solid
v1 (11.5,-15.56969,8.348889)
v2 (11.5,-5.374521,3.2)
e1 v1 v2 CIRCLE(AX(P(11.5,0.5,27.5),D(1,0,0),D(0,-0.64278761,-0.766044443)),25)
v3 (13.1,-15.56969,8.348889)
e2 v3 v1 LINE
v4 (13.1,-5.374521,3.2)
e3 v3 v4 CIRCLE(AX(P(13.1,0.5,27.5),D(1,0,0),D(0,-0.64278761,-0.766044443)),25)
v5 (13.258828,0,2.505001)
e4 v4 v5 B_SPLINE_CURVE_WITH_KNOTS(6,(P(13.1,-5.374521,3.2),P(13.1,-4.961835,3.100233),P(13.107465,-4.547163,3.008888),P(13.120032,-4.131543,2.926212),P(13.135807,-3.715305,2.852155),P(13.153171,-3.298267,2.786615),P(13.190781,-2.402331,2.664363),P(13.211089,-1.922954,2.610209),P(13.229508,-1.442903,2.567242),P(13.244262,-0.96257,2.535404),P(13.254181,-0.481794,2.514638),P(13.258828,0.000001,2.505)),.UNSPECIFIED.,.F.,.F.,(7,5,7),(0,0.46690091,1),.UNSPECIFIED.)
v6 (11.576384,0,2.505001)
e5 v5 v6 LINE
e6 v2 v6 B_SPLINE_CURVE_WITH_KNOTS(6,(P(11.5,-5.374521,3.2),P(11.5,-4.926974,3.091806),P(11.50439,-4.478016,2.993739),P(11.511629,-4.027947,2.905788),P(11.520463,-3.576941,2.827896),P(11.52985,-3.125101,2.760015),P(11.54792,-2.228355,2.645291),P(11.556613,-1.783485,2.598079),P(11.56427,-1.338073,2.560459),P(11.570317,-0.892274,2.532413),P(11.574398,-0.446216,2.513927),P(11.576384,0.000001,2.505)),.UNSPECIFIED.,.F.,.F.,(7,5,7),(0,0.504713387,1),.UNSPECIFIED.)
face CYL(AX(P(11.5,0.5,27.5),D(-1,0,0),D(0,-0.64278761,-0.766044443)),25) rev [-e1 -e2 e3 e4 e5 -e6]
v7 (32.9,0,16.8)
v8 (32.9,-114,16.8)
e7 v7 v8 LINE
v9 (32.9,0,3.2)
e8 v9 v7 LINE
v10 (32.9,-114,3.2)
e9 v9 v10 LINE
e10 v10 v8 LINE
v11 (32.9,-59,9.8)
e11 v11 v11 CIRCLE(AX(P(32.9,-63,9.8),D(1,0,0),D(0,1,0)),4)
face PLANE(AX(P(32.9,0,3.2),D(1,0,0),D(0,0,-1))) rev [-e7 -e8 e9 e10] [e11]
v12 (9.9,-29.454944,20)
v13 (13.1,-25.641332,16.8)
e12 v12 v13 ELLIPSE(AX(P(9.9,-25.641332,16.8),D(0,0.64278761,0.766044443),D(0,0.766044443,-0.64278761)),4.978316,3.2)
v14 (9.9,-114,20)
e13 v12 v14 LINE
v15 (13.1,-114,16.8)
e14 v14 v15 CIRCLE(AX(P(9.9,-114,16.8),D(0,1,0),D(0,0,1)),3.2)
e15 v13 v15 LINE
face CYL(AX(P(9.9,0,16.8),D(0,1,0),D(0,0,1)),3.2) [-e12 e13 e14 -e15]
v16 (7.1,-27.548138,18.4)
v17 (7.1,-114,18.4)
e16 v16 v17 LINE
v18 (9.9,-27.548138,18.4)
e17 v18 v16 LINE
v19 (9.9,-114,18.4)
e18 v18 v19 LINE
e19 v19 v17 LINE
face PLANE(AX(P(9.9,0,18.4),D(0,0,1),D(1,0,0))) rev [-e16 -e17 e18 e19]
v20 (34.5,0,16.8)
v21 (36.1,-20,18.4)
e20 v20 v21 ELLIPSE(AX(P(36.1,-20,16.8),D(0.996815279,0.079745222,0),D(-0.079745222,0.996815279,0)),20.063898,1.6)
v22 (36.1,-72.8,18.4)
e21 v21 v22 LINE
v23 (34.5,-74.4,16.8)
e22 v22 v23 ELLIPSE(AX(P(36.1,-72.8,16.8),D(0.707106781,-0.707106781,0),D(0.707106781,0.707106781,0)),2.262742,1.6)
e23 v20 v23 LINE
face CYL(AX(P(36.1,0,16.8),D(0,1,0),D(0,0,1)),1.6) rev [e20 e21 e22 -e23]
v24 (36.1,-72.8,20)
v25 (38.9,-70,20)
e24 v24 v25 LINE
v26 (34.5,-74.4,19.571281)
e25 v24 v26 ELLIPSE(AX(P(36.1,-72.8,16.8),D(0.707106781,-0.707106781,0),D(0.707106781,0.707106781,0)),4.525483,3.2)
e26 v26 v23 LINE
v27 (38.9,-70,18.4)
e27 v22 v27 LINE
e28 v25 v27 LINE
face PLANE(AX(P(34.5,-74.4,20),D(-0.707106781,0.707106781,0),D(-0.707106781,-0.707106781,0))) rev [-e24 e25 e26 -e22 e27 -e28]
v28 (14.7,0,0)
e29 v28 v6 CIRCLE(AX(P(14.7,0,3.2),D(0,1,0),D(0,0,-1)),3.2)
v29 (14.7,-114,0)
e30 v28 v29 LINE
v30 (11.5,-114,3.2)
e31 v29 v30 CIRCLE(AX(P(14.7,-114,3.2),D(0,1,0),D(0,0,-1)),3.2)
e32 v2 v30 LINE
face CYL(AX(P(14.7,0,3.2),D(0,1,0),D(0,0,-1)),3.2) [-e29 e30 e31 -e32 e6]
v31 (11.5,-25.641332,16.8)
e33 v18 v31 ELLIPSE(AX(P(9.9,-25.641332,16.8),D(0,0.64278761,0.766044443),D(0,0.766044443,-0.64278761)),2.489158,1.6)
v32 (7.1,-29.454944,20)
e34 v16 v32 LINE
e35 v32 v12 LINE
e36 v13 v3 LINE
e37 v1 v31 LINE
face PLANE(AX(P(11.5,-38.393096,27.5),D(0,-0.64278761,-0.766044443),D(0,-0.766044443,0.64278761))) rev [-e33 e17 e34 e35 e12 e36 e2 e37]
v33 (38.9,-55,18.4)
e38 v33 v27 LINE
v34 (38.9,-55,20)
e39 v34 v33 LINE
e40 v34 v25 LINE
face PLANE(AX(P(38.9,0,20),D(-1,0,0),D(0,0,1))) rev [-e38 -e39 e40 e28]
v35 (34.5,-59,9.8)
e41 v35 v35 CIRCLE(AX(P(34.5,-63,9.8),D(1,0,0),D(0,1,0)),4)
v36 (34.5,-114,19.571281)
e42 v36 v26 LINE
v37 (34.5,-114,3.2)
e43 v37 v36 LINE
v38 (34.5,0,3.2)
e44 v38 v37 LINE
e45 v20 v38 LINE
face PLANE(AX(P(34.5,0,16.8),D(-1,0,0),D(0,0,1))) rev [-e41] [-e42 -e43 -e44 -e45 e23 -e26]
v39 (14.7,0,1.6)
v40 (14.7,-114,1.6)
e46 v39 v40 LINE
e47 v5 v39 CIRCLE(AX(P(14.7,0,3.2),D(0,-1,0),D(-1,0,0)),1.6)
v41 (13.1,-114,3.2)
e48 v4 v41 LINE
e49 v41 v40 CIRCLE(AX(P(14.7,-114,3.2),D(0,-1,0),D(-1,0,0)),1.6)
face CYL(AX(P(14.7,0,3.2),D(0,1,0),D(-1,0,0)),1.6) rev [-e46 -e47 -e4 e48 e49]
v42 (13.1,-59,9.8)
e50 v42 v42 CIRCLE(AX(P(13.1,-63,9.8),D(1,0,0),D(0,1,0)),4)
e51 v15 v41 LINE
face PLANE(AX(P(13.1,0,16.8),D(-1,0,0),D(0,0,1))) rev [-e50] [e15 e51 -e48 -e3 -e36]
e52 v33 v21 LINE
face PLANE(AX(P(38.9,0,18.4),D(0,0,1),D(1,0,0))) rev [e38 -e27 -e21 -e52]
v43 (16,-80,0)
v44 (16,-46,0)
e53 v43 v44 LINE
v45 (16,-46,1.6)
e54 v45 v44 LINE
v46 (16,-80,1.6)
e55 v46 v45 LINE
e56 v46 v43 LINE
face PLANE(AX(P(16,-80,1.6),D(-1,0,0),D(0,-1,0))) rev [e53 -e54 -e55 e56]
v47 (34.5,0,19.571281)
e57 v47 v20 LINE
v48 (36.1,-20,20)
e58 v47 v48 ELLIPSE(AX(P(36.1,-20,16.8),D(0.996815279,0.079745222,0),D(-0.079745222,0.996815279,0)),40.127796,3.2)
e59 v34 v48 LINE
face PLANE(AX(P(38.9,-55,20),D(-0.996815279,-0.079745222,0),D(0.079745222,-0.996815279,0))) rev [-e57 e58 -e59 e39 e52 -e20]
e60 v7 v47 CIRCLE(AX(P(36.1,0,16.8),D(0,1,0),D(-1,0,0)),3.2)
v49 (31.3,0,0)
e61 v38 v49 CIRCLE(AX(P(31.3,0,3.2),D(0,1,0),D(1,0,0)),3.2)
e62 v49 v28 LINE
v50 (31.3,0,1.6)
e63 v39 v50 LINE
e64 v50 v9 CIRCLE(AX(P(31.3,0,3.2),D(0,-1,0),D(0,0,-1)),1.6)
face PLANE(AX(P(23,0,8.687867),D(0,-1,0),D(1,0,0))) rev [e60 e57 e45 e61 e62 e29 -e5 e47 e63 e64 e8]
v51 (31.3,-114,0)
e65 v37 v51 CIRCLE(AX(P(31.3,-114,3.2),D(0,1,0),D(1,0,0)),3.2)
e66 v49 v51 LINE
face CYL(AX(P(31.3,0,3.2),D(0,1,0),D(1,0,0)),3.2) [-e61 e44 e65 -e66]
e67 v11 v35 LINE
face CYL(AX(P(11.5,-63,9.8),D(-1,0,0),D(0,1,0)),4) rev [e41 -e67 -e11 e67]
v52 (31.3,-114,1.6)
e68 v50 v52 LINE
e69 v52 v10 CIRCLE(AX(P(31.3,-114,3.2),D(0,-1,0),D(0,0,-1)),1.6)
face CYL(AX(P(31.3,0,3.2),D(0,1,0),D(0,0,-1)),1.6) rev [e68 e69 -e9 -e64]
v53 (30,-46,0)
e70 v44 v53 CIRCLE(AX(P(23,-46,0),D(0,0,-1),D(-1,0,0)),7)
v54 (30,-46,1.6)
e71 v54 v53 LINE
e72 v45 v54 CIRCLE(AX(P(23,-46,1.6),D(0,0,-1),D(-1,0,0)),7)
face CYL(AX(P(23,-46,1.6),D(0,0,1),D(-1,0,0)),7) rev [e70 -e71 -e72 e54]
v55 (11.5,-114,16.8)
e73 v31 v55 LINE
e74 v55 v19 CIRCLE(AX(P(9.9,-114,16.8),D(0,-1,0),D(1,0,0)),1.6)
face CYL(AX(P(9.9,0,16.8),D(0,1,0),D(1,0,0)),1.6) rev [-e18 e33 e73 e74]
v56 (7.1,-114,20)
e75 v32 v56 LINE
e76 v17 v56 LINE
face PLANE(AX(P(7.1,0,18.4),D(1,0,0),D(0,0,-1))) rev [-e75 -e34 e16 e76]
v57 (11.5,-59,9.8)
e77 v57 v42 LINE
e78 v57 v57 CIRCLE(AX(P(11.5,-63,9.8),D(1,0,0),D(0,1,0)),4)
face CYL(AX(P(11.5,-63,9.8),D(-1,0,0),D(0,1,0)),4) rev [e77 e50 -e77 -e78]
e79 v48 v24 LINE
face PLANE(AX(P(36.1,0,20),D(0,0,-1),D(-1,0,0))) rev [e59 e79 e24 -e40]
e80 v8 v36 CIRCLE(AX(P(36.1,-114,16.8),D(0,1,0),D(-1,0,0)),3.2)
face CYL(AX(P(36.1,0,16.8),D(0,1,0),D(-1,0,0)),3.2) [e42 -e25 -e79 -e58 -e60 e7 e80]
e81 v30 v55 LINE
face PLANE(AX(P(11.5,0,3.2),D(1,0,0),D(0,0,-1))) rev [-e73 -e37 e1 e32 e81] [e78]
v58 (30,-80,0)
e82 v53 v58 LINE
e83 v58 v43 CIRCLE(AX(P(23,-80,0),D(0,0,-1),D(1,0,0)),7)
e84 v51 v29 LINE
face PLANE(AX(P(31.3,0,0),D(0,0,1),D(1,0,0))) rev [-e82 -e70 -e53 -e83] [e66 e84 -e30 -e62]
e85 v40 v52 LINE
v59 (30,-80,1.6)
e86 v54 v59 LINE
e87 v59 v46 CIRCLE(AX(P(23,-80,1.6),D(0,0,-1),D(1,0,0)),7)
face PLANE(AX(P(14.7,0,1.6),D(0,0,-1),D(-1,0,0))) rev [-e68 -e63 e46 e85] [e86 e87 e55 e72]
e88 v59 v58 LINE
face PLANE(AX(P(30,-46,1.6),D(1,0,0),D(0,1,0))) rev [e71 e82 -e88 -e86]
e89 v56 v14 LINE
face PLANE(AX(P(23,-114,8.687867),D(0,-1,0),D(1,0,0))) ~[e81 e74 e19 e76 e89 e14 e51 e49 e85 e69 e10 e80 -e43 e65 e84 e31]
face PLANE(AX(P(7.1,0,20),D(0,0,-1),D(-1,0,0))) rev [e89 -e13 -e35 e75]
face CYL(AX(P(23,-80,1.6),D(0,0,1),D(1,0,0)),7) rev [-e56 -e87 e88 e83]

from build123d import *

# Parameters (mm, degrees)
F1_DEPTH = 114
F3_DEPTH = 25
F5_DEPTH = 5
F6_R     = 4
F7_DEPTH = 30
F9_DEPTH = 5


with BuildPart() as f1:
    # F0 (on Front) → F1 (new body)
    with BuildSketch(Plane.XZ):
        with BuildLine():
            ThreePointArc((-11.5, 3.2), (-10.5627416998, 0.9372583002), (-8.3, 0))
            Line((-8.3, 0), (0, 0))
            Line((0, 0), (8.3, 0))
            ThreePointArc((8.3, 0), (10.5627416998, 0.9372583002), (11.5, 3.2))
            Line((11.5, 3.2), (11.5, 16.8))
            ThreePointArc((11.5, 16.8), (11.9686291501, 17.9313708499), (13.1, 18.4))
            Line((13.1, 18.4), (15.9, 18.4))
            Line((15.9, 18.4), (15.9, 20))
            Line((15.9, 20), (13.1, 20))
            ThreePointArc((13.1, 20), (10.8372583002, 19.0627416998), (9.9, 16.8))
            Line((9.9, 16.8), (9.9, 3.2))
            ThreePointArc((9.9, 3.2), (9.4313708499, 2.0686291501), (8.3, 1.6))
            Line((8.3, 1.6), (0, 1.6))
            Line((0, 1.6), (-8.3, 1.6))
            ThreePointArc((-8.3, 1.6), (-9.4313708499, 2.0686291501), (-9.9, 3.2))
            Line((-9.9, 3.2), (-9.9, 16.8))
            ThreePointArc((-9.9, 16.8), (-10.8372583002, 19.0627416998), (-13.1, 20))
            Line((-13.1, 20), (-15.9, 20))
            Line((-15.9, 20), (-15.9, 18.4))
            Line((-15.9, 18.4), (-13.1, 18.4))
            ThreePointArc((-13.1, 18.4), (-11.9686291501, 17.9313708499), (-11.5, 16.8))
            Line((-11.5, 16.8), (-11.5, 3.2))
        make_face()
    extrude(amount=F1_DEPTH)

    # F2 (on face) → F3 (cut)
    with BuildSketch(Plane.XY.offset(1.6)):
        with BuildLine():
            ThreePointArc((-7, -46), (0, -53), (7, -46))
            Line((7, -46), (-7, -46))
        make_face()
        with BuildLine():
            Line((-7, -46), (7, -46))
            ThreePointArc((7, -46), (0, -39), (-7, -46))
        make_face()
        with BuildLine():
            Line((7, -80), (7, -46))
            ThreePointArc((7, -46), (0, -53), (-7, -46))
            Line((-7, -46), (-7, -80))
            ThreePointArc((-7, -80), (0, -73), (7, -80))
        make_face()
        with BuildLine():
            ThreePointArc((-7, -80), (0, -87), (7, -80))
            Line((7, -80), (-7, -80))
        make_face()
        with BuildLine():
            Line((-7, -80), (7, -80))
            ThreePointArc((7, -80), (0, -73), (-7, -80))
        make_face()
    extrude(amount=-F3_DEPTH, mode=Mode.SUBTRACT)

    # F4 (on face) → F5 (cut)
    with BuildSketch(Plane.XY.offset(20)):
        Polygon((-11.5, 0), (-15.9, 0), (-15.9, -55), align=None)
        Polygon((-11.5, -74.4), (-15.9, -70), (-15.9, -114), (-11.5, -114), align=None)
    extrude(amount=-F5_DEPTH, mode=Mode.SUBTRACT)

    # F6 (on face) → F7 (cut)
    with BuildSketch(Plane.YZ.offset(11.5)):
        with Locations((-63, 9.8)):
            Circle(F6_R)
    extrude(amount=-F7_DEPTH, mode=Mode.SUBTRACT)

    # F8 (on face) → F9 (cut, symmetric)
    with BuildSketch(Plane.YZ.offset(11.5)):
        with BuildLine():
            Line((-38.3930956715, 27.5), (-15.5696902422, 8.348888922))
            ThreePointArc((-15.5696902422, 8.348888922), (-8.0505035831, 4.0076844804), (0.5, 2.5))
            Line((0.5, 2.5), (5, 2.5))
            Line((5, 2.5), (5, 27.5))
            Line((5, 27.5), (-38.3930956715, 27.5))
        make_face()
    extrude(amount=F9_DEPTH, both=True, mode=Mode.SUBTRACT)


with BuildPart() as f10_1:
    # F10: instance of F1
    add(f1.part.mirror(Plane.YZ.offset(11.5)))


solid = f10_1.part
